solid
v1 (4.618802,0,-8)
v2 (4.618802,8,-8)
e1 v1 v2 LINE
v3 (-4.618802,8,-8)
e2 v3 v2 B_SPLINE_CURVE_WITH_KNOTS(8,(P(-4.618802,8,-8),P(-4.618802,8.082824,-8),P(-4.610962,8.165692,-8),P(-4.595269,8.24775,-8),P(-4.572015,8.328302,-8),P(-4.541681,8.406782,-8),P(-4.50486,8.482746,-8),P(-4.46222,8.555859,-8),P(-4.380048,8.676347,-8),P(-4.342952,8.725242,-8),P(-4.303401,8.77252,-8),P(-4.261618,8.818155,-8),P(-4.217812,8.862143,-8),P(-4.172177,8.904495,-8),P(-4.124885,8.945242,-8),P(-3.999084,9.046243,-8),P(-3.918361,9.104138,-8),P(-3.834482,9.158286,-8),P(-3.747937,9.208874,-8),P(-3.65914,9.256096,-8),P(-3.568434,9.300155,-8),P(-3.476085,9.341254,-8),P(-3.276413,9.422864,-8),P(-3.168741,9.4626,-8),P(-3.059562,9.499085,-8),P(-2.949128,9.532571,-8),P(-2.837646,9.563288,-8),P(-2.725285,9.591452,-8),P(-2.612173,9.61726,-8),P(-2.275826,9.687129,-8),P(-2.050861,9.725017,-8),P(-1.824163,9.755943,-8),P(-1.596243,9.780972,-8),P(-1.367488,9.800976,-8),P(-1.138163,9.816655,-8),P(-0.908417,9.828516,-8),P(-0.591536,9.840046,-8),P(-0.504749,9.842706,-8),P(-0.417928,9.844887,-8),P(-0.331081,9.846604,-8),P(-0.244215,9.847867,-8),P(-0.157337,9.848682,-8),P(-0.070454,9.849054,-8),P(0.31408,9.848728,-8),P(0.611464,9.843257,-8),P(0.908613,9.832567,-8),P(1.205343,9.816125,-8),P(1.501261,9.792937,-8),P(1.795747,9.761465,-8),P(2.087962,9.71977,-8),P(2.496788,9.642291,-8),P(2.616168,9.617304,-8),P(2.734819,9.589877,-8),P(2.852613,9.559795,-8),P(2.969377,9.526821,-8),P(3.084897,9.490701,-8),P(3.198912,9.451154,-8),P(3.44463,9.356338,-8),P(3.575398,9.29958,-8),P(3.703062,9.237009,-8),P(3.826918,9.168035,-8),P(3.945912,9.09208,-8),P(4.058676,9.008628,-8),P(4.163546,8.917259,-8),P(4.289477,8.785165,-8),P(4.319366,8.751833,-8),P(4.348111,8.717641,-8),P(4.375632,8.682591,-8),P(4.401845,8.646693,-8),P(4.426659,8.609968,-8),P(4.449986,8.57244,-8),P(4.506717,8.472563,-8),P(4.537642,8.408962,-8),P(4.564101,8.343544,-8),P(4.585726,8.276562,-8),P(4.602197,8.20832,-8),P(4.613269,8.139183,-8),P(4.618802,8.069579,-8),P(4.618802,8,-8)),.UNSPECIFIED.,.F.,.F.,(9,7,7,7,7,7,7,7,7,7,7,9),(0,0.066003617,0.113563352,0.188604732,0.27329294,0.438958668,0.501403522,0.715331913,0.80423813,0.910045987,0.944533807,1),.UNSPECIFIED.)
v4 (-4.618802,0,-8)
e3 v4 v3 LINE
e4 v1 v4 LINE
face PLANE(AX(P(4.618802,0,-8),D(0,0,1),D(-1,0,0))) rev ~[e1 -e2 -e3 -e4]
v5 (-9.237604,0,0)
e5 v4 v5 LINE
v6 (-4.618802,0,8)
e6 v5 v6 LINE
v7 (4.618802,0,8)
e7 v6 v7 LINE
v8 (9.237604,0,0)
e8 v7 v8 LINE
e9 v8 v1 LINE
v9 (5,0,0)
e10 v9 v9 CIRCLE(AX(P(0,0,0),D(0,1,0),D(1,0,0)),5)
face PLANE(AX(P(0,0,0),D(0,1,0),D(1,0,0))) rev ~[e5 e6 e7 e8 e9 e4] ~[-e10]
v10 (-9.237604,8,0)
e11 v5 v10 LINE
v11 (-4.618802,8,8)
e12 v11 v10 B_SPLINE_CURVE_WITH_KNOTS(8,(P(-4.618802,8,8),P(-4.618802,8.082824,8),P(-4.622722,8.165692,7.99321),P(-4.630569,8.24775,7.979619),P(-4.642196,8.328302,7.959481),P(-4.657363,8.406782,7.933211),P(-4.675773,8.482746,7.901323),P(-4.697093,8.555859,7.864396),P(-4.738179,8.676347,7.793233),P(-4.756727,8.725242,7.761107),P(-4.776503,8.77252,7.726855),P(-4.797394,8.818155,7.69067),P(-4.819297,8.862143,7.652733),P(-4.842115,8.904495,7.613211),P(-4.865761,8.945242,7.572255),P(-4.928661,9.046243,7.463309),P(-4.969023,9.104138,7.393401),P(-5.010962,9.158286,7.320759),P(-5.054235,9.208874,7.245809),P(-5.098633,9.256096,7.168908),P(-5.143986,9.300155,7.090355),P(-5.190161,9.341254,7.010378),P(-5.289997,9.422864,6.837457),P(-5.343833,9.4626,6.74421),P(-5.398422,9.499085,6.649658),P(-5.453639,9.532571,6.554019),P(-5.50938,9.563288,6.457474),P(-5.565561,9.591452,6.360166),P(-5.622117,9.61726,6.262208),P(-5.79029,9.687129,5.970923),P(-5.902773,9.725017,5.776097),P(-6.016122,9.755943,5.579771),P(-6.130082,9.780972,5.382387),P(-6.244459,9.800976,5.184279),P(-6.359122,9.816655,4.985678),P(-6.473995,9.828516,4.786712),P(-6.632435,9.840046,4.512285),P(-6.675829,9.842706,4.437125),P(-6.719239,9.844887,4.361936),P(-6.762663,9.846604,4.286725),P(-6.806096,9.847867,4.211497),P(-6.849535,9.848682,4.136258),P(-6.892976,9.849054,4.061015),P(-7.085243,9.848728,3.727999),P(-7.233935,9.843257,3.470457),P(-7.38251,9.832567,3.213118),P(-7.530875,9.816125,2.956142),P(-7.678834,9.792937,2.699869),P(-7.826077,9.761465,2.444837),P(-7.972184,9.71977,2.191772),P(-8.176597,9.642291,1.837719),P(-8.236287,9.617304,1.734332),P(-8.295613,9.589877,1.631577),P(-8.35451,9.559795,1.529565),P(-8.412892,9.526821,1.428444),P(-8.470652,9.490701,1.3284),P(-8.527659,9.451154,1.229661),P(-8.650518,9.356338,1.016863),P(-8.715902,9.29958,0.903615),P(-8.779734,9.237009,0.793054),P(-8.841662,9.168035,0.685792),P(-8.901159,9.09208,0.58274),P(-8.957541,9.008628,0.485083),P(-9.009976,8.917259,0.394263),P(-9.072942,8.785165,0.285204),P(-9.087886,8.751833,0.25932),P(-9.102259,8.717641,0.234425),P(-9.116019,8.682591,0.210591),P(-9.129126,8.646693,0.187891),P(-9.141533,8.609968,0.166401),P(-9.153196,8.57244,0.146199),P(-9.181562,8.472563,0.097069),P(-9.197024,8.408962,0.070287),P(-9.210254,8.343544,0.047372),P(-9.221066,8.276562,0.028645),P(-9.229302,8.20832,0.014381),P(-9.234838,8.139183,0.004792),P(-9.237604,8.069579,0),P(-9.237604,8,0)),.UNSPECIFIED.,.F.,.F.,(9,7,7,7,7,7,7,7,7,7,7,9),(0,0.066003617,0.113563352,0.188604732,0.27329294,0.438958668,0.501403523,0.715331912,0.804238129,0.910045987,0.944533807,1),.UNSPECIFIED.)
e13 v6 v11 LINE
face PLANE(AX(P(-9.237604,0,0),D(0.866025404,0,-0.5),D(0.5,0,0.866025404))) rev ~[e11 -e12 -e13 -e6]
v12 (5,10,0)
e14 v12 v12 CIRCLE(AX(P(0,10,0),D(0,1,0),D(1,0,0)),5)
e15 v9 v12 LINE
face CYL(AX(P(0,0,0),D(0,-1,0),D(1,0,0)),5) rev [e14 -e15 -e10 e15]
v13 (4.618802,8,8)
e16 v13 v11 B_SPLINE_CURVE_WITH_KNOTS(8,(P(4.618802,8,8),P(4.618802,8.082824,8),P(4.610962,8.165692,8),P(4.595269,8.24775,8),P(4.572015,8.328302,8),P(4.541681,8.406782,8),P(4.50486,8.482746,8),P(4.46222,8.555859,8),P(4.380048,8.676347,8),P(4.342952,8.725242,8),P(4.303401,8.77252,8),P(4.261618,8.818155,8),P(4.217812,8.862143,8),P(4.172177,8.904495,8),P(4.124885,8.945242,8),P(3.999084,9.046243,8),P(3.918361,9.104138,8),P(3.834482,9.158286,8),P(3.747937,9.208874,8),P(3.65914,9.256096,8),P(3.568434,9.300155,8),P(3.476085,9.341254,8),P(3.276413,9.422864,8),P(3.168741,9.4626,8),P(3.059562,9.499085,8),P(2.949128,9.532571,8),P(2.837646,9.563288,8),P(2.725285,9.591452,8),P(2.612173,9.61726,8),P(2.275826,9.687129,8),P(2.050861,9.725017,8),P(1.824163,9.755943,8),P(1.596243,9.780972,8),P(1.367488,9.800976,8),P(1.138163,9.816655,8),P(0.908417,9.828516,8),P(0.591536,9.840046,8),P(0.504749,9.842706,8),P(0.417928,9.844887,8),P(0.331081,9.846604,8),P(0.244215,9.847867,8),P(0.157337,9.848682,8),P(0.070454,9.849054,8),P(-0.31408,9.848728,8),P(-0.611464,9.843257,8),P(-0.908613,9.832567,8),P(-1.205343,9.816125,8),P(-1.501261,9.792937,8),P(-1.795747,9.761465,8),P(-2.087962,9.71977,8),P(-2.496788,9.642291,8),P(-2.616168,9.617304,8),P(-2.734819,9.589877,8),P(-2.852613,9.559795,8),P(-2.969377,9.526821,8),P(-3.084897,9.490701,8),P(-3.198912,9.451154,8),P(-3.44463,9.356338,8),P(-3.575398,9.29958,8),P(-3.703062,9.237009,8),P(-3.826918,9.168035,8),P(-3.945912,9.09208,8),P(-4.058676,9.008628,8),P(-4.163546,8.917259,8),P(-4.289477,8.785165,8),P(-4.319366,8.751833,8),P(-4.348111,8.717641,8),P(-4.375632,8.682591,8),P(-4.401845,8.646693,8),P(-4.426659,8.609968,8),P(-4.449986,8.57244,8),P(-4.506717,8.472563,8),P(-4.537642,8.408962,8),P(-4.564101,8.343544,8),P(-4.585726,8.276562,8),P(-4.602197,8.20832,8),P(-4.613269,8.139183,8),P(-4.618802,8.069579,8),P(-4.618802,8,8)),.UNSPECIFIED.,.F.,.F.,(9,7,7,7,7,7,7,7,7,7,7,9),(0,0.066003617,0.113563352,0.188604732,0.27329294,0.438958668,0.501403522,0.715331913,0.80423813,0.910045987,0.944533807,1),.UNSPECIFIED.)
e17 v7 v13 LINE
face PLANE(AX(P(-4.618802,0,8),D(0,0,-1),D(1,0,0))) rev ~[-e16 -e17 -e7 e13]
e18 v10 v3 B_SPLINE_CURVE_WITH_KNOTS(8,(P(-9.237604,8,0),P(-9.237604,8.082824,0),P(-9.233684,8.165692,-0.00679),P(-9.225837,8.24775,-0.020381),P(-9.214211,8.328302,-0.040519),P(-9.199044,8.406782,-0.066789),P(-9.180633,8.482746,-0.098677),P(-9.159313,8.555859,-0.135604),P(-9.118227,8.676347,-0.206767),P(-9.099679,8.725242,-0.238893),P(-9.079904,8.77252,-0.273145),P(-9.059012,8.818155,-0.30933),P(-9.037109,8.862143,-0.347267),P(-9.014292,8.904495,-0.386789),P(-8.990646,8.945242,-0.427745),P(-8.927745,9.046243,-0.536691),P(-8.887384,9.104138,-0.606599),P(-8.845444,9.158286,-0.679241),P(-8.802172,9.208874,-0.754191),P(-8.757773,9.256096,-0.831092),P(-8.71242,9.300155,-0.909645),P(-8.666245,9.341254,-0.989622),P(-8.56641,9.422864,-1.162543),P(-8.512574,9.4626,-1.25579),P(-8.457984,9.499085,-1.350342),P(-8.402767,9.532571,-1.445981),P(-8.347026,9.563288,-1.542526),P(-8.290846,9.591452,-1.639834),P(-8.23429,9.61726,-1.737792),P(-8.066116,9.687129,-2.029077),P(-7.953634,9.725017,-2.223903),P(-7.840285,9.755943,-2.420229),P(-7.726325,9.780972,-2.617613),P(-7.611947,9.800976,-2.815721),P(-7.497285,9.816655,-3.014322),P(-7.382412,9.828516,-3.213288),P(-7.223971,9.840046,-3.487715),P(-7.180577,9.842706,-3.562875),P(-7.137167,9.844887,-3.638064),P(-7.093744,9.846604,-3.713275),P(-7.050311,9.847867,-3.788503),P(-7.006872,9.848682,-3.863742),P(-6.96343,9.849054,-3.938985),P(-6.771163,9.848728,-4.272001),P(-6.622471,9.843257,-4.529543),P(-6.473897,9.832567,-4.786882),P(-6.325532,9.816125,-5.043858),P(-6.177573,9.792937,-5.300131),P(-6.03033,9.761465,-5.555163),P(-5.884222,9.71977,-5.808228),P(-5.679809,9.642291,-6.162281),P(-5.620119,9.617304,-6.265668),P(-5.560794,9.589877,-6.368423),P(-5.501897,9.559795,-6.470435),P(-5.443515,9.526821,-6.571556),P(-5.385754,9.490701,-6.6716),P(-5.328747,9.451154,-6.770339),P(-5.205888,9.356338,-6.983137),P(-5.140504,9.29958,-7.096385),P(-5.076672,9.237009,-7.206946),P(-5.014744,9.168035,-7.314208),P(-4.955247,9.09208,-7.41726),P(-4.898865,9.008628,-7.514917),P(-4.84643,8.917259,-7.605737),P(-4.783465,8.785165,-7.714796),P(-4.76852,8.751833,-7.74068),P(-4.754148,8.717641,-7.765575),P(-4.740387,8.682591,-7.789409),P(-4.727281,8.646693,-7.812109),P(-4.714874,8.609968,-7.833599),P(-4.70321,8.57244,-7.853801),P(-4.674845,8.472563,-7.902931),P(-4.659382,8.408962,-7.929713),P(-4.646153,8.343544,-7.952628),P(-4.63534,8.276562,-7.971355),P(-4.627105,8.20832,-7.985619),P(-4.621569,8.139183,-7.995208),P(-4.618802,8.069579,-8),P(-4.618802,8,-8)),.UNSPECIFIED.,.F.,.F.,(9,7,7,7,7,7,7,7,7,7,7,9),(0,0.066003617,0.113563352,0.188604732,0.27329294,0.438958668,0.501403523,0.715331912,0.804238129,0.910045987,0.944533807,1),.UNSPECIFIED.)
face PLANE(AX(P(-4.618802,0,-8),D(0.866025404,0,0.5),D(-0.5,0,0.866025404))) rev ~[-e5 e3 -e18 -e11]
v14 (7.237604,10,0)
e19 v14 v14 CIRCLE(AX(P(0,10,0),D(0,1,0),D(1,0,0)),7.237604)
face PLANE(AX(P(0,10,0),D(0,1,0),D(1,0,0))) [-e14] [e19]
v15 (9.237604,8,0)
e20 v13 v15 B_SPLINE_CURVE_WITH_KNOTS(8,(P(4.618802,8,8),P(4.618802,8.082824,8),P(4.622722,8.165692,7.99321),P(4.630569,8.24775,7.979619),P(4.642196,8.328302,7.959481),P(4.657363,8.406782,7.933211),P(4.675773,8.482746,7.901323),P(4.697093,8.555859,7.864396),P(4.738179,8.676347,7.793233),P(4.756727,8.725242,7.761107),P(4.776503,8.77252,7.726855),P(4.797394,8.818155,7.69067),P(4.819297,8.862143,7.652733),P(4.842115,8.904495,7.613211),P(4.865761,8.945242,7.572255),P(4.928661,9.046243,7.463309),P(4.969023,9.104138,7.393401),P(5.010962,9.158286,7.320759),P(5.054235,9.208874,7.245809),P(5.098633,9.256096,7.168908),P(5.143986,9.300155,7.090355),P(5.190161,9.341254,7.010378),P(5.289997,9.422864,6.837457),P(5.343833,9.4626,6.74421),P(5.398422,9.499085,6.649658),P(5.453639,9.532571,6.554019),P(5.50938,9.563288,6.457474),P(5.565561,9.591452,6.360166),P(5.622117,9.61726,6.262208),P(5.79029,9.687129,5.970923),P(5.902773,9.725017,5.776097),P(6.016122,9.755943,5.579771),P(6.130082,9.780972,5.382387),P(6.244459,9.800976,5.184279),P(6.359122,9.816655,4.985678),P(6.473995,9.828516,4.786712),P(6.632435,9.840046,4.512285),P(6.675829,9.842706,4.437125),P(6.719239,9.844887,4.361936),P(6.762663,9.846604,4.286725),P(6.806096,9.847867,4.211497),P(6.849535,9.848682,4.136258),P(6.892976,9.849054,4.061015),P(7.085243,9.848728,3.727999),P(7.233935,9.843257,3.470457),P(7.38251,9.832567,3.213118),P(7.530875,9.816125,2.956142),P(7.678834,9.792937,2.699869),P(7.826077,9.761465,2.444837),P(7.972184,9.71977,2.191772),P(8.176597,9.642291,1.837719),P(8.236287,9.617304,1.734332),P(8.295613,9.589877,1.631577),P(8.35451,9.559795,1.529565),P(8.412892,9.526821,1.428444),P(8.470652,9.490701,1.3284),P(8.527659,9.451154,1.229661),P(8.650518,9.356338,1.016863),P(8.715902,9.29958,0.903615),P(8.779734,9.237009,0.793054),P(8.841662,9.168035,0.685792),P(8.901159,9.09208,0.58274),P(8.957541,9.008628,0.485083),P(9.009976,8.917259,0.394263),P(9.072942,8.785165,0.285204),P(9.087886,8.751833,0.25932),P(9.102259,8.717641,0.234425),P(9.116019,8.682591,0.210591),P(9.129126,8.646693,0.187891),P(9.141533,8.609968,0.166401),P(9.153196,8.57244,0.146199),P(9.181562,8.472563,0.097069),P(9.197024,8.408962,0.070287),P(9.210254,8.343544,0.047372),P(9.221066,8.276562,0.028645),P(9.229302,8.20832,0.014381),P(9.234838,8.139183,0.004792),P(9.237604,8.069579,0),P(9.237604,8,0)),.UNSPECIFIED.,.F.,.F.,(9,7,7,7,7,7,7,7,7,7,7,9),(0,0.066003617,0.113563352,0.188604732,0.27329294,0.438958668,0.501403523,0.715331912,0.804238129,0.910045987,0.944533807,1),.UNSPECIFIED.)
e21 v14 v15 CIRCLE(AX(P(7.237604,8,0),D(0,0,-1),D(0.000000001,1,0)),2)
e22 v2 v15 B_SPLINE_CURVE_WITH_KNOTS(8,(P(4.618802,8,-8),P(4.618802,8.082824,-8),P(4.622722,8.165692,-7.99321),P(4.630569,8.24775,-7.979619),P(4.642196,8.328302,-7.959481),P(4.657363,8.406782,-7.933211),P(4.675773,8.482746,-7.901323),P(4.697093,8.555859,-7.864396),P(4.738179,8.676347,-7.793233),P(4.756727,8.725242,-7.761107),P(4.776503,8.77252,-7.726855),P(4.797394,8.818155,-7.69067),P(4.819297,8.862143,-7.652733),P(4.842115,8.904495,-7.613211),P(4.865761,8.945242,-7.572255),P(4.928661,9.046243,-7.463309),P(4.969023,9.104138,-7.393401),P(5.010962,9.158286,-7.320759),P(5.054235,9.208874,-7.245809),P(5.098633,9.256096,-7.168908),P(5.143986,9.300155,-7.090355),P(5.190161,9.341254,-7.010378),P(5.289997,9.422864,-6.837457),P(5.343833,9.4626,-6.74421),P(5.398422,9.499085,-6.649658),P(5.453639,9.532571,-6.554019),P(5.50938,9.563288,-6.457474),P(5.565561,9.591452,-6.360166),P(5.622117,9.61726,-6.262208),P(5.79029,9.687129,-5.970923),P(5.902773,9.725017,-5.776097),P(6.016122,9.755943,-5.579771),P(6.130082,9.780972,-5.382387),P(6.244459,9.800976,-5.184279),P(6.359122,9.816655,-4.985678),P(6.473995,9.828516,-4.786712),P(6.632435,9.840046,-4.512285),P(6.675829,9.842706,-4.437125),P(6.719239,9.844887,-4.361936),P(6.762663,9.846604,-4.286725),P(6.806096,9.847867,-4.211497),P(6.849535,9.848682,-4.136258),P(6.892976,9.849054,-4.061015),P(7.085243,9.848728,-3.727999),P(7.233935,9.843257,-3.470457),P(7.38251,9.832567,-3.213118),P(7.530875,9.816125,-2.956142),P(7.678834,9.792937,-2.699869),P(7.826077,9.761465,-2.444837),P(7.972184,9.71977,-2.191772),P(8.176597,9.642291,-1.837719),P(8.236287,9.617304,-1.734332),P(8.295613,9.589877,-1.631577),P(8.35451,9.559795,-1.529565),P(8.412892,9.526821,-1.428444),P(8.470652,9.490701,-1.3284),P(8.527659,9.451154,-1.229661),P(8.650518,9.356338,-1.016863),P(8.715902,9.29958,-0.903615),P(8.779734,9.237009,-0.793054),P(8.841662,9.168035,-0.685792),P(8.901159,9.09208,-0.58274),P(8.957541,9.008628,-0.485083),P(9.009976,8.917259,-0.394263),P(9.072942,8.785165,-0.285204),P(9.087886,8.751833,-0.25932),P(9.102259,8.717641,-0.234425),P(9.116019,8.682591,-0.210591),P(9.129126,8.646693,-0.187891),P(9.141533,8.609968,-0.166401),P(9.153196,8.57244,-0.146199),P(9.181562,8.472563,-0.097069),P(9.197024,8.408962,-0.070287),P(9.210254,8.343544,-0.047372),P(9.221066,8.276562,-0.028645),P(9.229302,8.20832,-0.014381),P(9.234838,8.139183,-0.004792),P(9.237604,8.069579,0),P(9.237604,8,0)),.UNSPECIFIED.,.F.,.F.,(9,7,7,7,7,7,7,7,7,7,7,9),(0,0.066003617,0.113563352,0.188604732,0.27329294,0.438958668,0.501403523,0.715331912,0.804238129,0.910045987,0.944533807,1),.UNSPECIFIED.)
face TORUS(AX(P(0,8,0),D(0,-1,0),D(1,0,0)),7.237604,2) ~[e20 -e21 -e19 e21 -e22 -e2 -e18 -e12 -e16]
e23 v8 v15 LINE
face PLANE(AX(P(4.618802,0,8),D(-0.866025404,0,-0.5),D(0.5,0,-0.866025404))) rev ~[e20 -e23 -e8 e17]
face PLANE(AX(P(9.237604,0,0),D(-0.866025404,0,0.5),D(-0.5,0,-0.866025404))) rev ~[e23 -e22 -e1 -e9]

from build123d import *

# Parameters (mm, degrees)
SKETCH1_R           = 5
BOSS_EXTRUDE1_DEPTH = 10


with BuildPart() as part:
    # Sketch1 → Boss-Extrude1 (new body)
    with BuildSketch(Plane(origin=(0, 0, 0), x_dir=(1, 0, 0), z_dir=(0, 1, 0))):
        Polygon((9.237604307, 0), (4.618802154, 8), (-4.618802154, 8), (-9.237604307, 0), (-4.618802154, -8), (4.618802154, -8), align=None)
        Circle(SKETCH1_R, mode=Mode.SUBTRACT)
    extrude(amount=BOSS_EXTRUDE1_DEPTH)

    # Sketch2 → Cut-Revolve1 (revolve, cut)
    with BuildSketch(Plane.XY):
        with BuildLine():
            Line((9.237604307, 10), (7.237604307, 10))
            ThreePointArc((7.237604307, 10), (8.651817869, 9.414213562), (9.237604307, 8))
            Line((9.237604307, 8), (9.237604307, 10))
        make_face()
    revolve(axis=Axis((0, 0, 0), (0, 1, 0)), mode=Mode.SUBTRACT)


solid = part.part
